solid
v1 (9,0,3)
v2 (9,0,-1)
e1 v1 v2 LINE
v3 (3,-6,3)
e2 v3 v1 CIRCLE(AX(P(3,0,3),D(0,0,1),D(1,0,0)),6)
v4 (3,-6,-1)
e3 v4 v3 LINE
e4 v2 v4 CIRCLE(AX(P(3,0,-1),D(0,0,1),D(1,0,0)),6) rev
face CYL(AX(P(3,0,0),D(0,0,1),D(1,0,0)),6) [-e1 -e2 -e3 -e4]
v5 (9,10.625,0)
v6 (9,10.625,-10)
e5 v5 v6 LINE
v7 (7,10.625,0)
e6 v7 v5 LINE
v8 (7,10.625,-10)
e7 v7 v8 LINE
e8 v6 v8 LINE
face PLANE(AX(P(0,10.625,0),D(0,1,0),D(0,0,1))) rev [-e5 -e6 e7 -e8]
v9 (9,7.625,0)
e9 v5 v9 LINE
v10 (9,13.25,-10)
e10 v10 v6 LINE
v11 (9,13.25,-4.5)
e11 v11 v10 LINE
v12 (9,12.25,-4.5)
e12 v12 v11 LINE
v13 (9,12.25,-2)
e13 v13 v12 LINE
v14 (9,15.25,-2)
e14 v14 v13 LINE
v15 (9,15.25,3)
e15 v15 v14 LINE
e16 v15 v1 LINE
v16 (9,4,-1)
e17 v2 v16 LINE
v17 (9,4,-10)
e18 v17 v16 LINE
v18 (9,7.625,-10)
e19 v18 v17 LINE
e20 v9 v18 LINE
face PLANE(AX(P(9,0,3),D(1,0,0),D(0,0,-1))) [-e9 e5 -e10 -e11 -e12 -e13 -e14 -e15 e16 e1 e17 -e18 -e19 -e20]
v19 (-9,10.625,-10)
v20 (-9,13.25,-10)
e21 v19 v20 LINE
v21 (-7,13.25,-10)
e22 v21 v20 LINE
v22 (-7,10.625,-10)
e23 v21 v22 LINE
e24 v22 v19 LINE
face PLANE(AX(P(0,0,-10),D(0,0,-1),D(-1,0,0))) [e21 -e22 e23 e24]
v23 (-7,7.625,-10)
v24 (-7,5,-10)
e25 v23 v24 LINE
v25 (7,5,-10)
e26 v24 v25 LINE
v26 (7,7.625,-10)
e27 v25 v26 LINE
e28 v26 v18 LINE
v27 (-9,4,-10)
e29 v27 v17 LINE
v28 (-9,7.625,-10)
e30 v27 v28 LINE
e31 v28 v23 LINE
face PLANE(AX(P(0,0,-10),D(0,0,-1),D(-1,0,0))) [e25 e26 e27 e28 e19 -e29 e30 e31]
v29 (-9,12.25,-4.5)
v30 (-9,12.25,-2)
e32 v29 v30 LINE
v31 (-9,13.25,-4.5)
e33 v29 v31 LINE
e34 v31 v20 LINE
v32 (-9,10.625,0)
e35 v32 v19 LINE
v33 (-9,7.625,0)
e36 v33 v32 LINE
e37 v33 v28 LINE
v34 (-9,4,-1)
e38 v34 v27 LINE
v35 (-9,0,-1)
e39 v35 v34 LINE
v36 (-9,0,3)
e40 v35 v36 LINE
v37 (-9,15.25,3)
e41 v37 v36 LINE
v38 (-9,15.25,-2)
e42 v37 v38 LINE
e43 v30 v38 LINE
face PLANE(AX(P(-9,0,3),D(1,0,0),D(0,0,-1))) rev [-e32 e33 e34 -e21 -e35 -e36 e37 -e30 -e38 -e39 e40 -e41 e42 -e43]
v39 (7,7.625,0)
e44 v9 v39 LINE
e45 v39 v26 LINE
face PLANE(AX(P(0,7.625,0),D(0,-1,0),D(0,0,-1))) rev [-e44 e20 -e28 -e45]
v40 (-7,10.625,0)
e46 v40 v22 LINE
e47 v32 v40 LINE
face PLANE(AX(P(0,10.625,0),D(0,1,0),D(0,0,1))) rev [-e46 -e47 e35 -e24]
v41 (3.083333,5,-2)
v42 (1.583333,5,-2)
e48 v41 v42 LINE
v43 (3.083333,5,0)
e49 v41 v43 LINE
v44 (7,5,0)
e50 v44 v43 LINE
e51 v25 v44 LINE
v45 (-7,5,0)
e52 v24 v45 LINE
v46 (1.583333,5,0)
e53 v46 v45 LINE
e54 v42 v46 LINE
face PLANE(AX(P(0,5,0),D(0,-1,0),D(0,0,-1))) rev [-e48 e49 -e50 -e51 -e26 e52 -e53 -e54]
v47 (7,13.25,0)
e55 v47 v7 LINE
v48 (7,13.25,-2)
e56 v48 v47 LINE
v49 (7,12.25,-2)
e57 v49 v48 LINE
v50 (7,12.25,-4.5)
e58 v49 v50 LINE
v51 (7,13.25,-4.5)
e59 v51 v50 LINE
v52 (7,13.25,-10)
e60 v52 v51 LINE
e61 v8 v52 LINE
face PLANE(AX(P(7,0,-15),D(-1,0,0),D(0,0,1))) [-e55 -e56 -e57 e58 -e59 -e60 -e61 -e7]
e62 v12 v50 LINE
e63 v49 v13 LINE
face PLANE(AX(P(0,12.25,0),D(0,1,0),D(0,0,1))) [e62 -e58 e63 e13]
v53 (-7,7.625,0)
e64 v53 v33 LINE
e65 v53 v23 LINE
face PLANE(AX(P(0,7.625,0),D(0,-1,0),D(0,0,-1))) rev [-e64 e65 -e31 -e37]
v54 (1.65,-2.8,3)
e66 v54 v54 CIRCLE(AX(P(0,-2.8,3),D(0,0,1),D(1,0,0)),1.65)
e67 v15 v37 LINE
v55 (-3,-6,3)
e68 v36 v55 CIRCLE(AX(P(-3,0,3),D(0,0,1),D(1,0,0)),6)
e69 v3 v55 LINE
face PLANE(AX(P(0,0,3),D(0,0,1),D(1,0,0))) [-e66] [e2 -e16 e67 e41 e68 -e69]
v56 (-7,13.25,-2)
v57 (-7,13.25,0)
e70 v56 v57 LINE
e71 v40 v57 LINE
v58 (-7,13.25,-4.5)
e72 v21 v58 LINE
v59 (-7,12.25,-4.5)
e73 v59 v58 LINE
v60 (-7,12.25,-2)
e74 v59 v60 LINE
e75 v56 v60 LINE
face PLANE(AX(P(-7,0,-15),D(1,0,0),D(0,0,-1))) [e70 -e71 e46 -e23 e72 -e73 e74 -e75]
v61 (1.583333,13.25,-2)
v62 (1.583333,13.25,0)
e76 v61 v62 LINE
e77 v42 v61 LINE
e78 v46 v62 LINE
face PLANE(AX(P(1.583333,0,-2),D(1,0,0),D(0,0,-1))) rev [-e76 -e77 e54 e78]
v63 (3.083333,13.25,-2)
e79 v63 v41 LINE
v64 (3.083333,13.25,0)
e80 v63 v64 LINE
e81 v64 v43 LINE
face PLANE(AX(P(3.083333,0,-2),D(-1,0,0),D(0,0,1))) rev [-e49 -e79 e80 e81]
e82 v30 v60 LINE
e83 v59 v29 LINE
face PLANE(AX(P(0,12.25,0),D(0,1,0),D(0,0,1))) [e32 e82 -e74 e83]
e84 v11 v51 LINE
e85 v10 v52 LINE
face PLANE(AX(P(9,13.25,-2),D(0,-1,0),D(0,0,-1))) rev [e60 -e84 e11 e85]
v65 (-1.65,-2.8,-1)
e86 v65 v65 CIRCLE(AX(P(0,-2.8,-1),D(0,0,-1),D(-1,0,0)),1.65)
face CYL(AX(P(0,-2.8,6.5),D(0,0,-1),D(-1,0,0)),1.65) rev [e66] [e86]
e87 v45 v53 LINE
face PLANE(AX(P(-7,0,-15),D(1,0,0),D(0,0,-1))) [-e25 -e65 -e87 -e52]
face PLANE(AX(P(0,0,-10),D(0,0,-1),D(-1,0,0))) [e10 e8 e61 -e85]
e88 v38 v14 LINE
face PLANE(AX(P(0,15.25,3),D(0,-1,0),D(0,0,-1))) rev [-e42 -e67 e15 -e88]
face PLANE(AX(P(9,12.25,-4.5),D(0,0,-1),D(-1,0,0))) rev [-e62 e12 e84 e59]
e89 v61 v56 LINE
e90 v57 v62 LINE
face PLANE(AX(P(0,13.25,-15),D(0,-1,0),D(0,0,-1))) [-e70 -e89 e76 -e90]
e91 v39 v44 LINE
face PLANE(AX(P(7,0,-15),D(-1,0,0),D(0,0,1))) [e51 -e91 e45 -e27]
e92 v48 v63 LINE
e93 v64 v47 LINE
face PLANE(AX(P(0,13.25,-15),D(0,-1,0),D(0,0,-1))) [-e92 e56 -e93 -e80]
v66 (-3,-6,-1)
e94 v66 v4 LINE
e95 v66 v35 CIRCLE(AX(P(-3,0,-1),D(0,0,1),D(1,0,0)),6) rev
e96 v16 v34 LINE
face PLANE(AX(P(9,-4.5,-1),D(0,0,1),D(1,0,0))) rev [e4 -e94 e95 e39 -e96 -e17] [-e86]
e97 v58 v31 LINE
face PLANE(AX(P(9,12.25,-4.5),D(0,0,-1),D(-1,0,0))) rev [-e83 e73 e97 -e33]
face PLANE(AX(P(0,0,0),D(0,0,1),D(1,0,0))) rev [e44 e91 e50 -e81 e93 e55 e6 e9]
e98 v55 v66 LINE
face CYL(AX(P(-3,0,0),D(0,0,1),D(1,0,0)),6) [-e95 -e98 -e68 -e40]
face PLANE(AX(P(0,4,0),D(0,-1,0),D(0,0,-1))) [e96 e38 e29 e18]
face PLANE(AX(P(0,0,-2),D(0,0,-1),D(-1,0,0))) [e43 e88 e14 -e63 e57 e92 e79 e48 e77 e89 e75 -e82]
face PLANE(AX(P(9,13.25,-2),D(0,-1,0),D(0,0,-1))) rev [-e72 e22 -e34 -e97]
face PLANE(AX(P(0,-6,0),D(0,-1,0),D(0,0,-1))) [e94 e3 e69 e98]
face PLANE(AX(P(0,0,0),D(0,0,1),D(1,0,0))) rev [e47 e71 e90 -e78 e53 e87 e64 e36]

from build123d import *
from build123d.topology import SkipClean

# Parameters (mm, degrees)
ESBO_O1_R                = 1.65
RESSALTO_EXTRUS_O1_DEPTH = 3
RESSALTO_EXTRUS_O2_START = 15
ESBO_O2_R                = 1.65
RESSALTO_EXTRUS_O2_DEPTH = 15
CORTE_EXTRUS_O1_DEPTH    = 15
RESSALTO_EXTRUS_O3_DEPTH = 2
ESBO_O6_W                = 23.468316857
ESBO_O6_H                = 21.298976644
CORTE_EXTRUS_O2_DEPTH    = 21
ESBO_O7_W                = 18
ESBO_O7_H                = 18
RESSALTO_EXTRUS_O4_DEPTH = 2
CORTE_EXTRUS_O3_DEPTH    = 5
ESBO_O9_W                = 18
ESBO_O9_H                = 2
CORTE_EXTRUS_O4_DEPTH    = 8
ESBO_O10_W               = 18
ESBO_O10_H               = 4
RESSALTO_EXTRUS_O5_DEPTH = 7.5
ESBO_O11_R               = 1.65
CORTE_EXTRUS_O5_DEPTH    = 7.5
ESBO_O12_W               = 18
ESBO_O12_H               = 4
RESSALTO_EXTRUS_O6_DEPTH = 1.5
FILETE1_R                = 6
ESBO_O13_W               = 18
ESBO_O13_H               = 2.5
CORTE_EXTRUS_O6_DEPTH    = 1
ESBO_O14_W               = 18
ESBO_O14_H               = 9
CORTE_EXTRUS_O7_DEPTH    = 1


with BuildPart() as part:
    # Esboço1 → Ressalto-extrusão1 (new body)
    # profile 1 of 3: a face of its own
    with BuildSketch(Plane.XY):
        Polygon((-7, 15.25), (-9, 15.25), (-9, 13.25), (-9, 5), (-6.541451884, 0), (-2.020725942, -6), (2.020725942, -6), (6.541451884, 0), (9, 5), (9, 15.25), (7, 15.25), align=None)
        Polygon((2.020725942, -3.5), (4.041451884, 0), (2.020725942, 3.5), (-2.020725942, 3.5), (-4.041451884, 0), (-2.020725942, -3.5), align=None, mode=Mode.SUBTRACT)
        Polygon((-7, 13.25), (-7, 5), (0, 5), (7, 5), (7, 13.25), align=None, mode=Mode.SUBTRACT)
    # profile 2 of 3: a face of its own
    with BuildSketch(Plane.XY):
        Polygon((7, 13.25), (-7, 13.25), (-7, 5), (0, 5), (7, 5), align=None)
    # profile 3 of 3: a face of its own
    with BuildSketch(Plane.XY):
        Polygon((-2.020725942, -3.5), (2.020725942, -3.5), (4.041451884, 0), (2.020725942, 3.5), (-2.020725942, 3.5), (-4.041451884, 0), align=None)
        Circle(ESBO_O1_R, mode=Mode.SUBTRACT)
    extrude(amount=RESSALTO_EXTRUS_O1_DEPTH)

    # Esboço2 → Ressalto-extrusão2 (add)
    # profile 1 of 2: a face of its own
    with SkipClean():  # the faces are left unmerged after this step: merging them gives an invalid solid
        with BuildSketch(Plane(origin=(0, 0, 0), x_dir=(-1, 0, 0), z_dir=(0, 0, -1)).offset(RESSALTO_EXTRUS_O2_START)):
            Polygon((9, 5), (9, 15.25), (-9, 15.25), (-9, 5), (-6.541451884, 0), (-2.020725942, -6), (2.020725942, -6), (6.541451884, 0), align=None)
            Polygon((7, 5), (7, 13.25), (-7, 13.25), (-7, 5), (0, 5), align=None, mode=Mode.SUBTRACT)
            Polygon((-4.041451884, 0), (-2.020725942, -3.5), (2.020725942, -3.5), (4.041451884, 0), (2.020725942, 3.5), (-2.020725942, 3.5), align=None, mode=Mode.SUBTRACT)
        # profile 2 of 2: a face of its own
        with BuildSketch(Plane(origin=(0, 0, 0), x_dir=(-1, 0, 0), z_dir=(0, 0, -1)).offset(RESSALTO_EXTRUS_O2_START)):
            Polygon((-2.020725942, 3.5), (-4.041451884, 0), (-2.020725942, -3.5), (2.020725942, -3.5), (4.041451884, 0), (2.020725942, 3.5), align=None)
            Circle(ESBO_O2_R, mode=Mode.SUBTRACT)
        extrude(amount=-RESSALTO_EXTRUS_O2_DEPTH)

    # Esboço3 → Corte-extrusão1 (cut)
    with SkipClean():  # the faces are left unmerged after this step: merging them gives an invalid solid
        with BuildSketch(Plane(origin=(0, 0, -15), x_dir=(-1, 0, 0), z_dir=(0, 0, -1))):
            Polygon((-9, 10.625), (-9, 9.125), (-9, 7.625), (-7, 7.625), (-7, 10.625), align=None)
            Polygon((9, 7.625), (9, 9.125), (9, 10.625), (7, 10.625), (7, 7.625), align=None)
        extrude(amount=-CORTE_EXTRUS_O1_DEPTH, mode=Mode.SUBTRACT)

    # Esboço5 → Ressalto-extrusão3 (add)
    with SkipClean():  # the faces are left unmerged after this step: merging them gives an invalid solid
        with BuildSketch(Plane(origin=(0, 0, 0), x_dir=(-1, 0, 0), z_dir=(0, 0, -1))):
            Polygon((-1.583333333, 13.25), (-2.333333333, 13.25), (-3.083333333, 13.25), (-3.083333333, 5), (-1.583333333, 5), align=None)
        extrude(amount=RESSALTO_EXTRUS_O3_DEPTH)

    # Esboço6 → Corte-extrusão2 (cut)
    with BuildSketch(Plane(origin=(0, -16, 0), x_dir=(-1, 0, 0), z_dir=(0, -1, 0))):
        with Locations((-0.042259875, 5.70418088)):
            Rectangle(ESBO_O6_W, ESBO_O6_H)
    extrude(amount=-CORTE_EXTRUS_O2_DEPTH, mode=Mode.SUBTRACT)

    # Esboço7 → Ressalto-extrusão4 (add)
    with BuildSketch(Plane.XZ.offset(-5)):
        with Locations((0, -6)):
            Rectangle(ESBO_O7_W, ESBO_O7_H)
    extrude(amount=RESSALTO_EXTRUS_O4_DEPTH)

    # Esboço8 → Corte-extrusão3 (cut)
    with BuildSketch(Plane(origin=(0, 0, -15), x_dir=(-1, 0, 0), z_dir=(0, 0, -1))):
        Polygon((7, 7.625), (7, 5), (-7, 5), (-7, 7.625), (-9, 7.625), (-9, 3), (9, 3), (9, 7.625), align=None)
        Polygon((7, 10.625), (9, 10.625), (9, 15.25), (-9, 15.25), (-9, 10.625), (-7, 10.625), (-7, 13.25), (7, 13.25), align=None)
    extrude(amount=-CORTE_EXTRUS_O3_DEPTH, mode=Mode.SUBTRACT)

    # Esboço9 → Corte-extrusão4 (cut)
    with BuildSketch(Plane(origin=(0, 0, -10), x_dir=(-1, 0, 0), z_dir=(0, 0, -1))):
        with Locations((0, 14.25)):
            Rectangle(ESBO_O9_W, ESBO_O9_H)
    extrude(amount=-CORTE_EXTRUS_O4_DEPTH, mode=Mode.SUBTRACT)

    # Esboço10 → Ressalto-extrusão5 (add)
    with BuildSketch(Plane.XZ.offset(-3)):
        with Locations((0, 1)):
            Rectangle(ESBO_O10_W, ESBO_O10_H)
    extrude(amount=RESSALTO_EXTRUS_O5_DEPTH)

    # Esboço11 → Corte-extrusão5 (cut)
    with BuildSketch(Plane(origin=(0, 0, -1), x_dir=(-1, 0, 0), z_dir=(0, 0, -1))):
        with Locations((0, -2.8)):
            Circle(ESBO_O11_R)
    extrude(amount=-CORTE_EXTRUS_O5_DEPTH, mode=Mode.SUBTRACT)

    # Esboço12 → Ressalto-extrusão6 (add)
    with BuildSketch(Plane.XZ.offset(4.5)):
        with Locations((0, 1)):
            Rectangle(ESBO_O12_W, ESBO_O12_H)
    extrude(amount=RESSALTO_EXTRUS_O6_DEPTH)

    # Filete1
    filete1_edges = [part.edges().sort_by_distance(p)[0] for p in [
        (-9, -6, 1),
        (9, -6, 1),
    ]]
    fillet(filete1_edges, radius=FILETE1_R)

    # Esboço13 → Corte-extrusão6 (cut)
    with BuildSketch(Plane(origin=(0, 13.25, 0), x_dir=(1, 0, 0), z_dir=(0, 1, 0))):
        with Locations((0, 3.25)):
            Rectangle(ESBO_O13_W, ESBO_O13_H)
    extrude(amount=-CORTE_EXTRUS_O6_DEPTH, mode=Mode.SUBTRACT)

    # Esboço14 → Corte-extrusão7 (cut)
    with BuildSketch(Plane.XZ.offset(-3)):
        with Locations((0, -5.5)):
            Rectangle(ESBO_O14_W, ESBO_O14_H)
    extrude(amount=-CORTE_EXTRUS_O7_DEPTH, mode=Mode.SUBTRACT)


solid = part.part
